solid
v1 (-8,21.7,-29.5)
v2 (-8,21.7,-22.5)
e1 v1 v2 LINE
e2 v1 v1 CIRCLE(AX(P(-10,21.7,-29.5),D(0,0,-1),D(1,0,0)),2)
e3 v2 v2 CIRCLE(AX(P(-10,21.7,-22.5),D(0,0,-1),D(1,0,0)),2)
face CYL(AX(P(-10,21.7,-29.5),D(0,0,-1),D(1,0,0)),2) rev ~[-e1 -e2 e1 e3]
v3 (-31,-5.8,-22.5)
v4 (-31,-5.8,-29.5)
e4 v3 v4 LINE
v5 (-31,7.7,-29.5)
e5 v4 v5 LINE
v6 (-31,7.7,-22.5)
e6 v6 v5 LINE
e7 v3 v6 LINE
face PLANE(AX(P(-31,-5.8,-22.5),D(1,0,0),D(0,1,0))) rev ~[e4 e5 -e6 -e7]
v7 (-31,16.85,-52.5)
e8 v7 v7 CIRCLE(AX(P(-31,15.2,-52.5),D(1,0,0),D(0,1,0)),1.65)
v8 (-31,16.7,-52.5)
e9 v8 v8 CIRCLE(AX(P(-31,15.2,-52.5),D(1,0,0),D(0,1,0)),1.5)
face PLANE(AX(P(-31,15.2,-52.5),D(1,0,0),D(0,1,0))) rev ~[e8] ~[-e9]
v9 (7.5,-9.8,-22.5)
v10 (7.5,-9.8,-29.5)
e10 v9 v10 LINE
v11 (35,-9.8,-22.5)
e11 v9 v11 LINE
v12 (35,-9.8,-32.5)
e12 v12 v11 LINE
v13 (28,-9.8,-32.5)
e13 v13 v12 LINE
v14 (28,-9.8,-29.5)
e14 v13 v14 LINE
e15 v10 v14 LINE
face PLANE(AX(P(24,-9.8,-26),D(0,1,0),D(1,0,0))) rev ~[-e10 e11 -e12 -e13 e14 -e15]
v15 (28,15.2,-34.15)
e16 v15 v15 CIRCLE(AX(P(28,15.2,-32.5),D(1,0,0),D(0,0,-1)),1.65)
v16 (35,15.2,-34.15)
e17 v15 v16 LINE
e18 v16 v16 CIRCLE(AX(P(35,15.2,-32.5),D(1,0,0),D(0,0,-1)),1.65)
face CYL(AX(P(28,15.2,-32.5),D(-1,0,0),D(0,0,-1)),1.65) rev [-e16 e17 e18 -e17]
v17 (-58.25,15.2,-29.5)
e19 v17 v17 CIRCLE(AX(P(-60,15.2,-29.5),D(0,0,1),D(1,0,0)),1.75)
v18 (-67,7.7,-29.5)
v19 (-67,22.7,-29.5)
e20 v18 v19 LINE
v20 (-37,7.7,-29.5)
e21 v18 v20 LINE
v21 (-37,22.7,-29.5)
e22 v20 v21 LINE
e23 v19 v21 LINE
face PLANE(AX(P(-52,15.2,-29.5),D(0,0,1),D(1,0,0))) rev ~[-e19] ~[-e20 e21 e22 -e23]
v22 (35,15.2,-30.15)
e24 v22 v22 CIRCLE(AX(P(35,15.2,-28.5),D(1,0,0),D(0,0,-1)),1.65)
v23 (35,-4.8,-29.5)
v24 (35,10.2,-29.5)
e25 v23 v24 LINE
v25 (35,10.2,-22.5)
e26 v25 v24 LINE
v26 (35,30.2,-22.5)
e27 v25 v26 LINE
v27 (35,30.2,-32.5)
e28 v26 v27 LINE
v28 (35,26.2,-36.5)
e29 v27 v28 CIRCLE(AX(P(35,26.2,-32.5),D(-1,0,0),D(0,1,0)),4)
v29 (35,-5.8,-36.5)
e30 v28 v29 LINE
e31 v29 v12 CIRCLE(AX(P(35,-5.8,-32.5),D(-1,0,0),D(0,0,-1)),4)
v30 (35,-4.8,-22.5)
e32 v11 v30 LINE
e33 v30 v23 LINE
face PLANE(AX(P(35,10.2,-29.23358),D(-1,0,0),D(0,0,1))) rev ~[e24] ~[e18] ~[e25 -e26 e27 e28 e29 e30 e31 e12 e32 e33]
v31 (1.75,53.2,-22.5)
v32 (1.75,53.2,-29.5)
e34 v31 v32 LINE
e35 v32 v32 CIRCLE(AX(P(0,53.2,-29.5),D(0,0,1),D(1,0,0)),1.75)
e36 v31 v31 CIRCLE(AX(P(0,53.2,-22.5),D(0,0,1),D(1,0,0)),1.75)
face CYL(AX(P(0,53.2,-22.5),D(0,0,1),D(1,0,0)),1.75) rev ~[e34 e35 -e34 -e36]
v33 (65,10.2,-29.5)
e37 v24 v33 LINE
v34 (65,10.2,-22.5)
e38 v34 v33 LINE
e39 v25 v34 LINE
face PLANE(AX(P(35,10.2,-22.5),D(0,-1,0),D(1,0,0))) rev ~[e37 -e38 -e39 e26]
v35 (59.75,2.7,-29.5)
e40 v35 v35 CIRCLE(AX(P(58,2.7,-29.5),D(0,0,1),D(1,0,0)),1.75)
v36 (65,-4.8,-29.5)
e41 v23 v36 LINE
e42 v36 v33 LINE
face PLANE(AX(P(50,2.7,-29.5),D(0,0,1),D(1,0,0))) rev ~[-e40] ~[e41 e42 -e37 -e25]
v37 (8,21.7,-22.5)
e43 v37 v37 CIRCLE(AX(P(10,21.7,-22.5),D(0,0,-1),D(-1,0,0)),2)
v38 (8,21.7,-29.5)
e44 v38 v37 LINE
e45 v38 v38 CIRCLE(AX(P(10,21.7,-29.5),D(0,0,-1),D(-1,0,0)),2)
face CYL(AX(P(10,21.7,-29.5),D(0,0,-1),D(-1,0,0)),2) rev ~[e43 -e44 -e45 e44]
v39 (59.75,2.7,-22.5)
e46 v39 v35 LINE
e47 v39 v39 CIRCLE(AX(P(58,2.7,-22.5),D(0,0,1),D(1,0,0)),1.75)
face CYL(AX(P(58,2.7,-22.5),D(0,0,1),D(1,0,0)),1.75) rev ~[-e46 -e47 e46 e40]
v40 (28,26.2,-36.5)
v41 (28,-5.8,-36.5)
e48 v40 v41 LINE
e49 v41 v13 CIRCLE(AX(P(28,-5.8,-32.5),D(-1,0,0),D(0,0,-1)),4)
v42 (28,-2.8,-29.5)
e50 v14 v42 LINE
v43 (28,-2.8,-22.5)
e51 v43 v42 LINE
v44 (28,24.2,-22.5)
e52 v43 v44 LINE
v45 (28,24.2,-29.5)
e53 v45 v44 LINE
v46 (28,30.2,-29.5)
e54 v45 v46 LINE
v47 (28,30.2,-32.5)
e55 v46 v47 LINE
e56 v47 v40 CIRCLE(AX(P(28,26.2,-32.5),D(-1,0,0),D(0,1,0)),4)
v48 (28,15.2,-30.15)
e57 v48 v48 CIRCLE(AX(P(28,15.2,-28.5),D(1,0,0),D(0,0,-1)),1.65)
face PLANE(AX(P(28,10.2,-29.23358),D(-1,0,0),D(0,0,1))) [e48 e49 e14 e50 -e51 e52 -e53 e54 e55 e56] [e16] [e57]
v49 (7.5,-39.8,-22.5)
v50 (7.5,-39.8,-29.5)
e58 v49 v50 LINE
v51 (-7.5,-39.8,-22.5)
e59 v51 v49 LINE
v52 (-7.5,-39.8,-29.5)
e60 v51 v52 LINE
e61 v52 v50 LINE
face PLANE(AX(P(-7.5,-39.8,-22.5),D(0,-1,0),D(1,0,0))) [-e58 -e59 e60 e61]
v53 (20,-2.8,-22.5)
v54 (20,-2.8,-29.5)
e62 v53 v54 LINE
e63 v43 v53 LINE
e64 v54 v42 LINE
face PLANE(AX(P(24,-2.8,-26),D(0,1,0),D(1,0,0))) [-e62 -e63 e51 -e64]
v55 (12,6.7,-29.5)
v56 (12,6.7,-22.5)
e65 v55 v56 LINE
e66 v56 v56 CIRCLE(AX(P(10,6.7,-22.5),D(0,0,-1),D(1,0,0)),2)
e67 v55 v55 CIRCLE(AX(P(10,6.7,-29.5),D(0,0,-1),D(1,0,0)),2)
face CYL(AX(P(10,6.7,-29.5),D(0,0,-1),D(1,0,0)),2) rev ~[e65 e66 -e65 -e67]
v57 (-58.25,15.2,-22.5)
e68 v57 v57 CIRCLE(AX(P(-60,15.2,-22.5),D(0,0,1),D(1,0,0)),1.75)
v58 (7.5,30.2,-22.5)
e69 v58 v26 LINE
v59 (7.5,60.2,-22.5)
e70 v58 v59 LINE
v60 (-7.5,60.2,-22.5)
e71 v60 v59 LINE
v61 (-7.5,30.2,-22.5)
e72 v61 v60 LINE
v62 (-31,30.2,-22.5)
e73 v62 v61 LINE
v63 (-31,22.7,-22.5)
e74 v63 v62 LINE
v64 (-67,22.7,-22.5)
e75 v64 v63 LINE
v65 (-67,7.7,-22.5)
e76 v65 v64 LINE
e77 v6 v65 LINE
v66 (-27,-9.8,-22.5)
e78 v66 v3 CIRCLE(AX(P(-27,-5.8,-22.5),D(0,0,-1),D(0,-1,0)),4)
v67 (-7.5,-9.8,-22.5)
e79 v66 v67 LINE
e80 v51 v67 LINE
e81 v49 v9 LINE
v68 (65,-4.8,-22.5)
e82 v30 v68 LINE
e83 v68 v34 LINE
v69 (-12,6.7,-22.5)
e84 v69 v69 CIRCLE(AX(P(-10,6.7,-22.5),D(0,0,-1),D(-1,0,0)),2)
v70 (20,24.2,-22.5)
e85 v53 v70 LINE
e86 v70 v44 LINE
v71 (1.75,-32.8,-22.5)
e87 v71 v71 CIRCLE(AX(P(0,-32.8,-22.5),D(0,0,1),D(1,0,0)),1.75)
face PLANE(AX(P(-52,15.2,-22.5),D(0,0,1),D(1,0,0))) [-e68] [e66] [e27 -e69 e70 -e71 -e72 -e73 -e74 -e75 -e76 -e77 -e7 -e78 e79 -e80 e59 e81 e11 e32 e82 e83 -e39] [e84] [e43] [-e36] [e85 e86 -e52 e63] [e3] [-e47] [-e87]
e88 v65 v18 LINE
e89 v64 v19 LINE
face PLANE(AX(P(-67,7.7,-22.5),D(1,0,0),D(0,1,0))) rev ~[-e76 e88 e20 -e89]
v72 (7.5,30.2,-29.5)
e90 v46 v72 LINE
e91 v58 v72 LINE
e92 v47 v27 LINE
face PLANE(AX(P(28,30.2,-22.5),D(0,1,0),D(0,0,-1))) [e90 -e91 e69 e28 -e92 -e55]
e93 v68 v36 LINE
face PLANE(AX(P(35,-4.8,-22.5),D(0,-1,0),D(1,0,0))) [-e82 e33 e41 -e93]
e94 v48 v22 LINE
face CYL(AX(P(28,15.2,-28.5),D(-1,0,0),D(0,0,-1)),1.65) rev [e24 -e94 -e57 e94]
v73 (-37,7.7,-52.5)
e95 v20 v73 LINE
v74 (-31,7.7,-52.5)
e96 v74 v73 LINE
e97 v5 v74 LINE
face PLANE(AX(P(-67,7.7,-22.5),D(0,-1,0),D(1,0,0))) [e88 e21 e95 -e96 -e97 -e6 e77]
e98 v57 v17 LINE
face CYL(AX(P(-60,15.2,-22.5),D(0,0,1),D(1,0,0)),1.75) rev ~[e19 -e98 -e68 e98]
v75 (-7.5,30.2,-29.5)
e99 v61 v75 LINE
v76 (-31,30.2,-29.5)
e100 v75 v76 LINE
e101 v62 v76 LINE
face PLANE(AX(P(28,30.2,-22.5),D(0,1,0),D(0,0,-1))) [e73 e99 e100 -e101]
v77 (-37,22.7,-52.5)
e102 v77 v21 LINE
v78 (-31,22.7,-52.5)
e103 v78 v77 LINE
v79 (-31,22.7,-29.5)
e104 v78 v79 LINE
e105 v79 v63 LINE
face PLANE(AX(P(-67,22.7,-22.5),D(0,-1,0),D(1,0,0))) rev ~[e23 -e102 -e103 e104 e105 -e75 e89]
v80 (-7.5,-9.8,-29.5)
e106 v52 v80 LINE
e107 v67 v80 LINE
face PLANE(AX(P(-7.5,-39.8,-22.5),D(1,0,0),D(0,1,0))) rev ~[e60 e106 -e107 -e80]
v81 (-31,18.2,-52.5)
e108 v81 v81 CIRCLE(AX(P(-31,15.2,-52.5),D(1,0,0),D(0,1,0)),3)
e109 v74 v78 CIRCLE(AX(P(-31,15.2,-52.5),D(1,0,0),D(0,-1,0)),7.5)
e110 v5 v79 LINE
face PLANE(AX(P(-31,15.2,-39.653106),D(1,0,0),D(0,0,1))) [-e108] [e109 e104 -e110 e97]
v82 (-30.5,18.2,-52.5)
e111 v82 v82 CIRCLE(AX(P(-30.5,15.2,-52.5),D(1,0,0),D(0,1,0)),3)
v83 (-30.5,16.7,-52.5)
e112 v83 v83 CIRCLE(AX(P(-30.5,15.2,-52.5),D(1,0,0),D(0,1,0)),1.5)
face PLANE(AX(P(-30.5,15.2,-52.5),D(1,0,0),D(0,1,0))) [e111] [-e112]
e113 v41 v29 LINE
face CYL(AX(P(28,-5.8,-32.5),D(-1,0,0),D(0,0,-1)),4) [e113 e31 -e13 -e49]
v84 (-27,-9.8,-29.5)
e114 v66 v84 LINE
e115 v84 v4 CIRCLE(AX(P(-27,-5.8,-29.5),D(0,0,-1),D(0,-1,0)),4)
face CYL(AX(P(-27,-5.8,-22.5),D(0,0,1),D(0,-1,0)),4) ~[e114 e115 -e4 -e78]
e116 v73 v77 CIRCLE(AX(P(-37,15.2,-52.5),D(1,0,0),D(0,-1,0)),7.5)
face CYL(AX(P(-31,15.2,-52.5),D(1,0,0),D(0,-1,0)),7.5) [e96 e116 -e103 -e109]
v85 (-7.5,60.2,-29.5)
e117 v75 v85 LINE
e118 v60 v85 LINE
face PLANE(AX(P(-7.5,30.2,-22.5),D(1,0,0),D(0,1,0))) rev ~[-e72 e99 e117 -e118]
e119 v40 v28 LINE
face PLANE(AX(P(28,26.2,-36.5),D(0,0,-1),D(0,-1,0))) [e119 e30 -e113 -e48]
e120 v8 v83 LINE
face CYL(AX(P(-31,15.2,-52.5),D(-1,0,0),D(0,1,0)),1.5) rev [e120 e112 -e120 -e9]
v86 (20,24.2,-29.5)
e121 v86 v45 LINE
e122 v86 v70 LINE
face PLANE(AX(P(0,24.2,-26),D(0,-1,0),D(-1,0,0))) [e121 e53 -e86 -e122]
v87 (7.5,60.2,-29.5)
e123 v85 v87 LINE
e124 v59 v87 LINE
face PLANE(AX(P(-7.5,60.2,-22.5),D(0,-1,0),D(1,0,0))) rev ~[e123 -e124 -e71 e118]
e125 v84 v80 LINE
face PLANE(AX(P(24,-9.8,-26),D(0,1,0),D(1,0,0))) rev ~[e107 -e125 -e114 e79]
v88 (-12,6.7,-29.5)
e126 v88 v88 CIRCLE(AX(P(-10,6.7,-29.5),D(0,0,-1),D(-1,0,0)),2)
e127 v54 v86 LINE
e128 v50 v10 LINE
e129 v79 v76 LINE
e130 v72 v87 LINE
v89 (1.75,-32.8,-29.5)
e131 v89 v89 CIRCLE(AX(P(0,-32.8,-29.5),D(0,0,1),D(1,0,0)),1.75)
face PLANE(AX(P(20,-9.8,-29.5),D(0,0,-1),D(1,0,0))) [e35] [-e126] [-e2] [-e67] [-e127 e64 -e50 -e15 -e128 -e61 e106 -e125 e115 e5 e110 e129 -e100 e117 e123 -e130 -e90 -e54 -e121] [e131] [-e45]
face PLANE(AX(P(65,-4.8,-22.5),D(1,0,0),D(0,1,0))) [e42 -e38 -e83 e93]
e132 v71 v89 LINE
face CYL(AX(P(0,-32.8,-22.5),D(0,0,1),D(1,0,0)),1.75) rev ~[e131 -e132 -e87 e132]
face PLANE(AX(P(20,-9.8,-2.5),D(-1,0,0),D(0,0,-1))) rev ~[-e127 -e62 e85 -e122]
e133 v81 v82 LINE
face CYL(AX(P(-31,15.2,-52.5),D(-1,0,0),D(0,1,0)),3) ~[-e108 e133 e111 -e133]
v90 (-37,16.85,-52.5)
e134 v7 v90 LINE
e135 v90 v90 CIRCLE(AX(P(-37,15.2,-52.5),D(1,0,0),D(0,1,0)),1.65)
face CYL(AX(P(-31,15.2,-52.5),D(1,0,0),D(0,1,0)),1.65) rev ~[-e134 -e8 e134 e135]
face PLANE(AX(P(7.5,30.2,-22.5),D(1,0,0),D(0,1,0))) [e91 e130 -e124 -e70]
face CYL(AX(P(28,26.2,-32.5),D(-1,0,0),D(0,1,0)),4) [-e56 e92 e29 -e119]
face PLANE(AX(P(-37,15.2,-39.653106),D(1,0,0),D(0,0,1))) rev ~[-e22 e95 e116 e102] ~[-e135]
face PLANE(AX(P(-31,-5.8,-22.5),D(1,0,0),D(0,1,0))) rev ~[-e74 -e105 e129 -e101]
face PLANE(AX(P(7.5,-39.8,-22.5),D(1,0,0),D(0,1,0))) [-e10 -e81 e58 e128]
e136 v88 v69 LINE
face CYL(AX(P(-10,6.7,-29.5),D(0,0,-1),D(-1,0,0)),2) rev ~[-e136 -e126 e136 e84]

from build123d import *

# Parameters (mm, degrees)
EXTRUDE_START       = 24.2
EXTRUDE_1_DEPTH     = 6
SKETCH_5_W          = 40
SKETCH_5_H          = 34
SKETCH_5_R          = 2
EXTRUDE_2_DEPTH     = 7
EXTRUDE_START_2     = -9.8
SKETCH_7_R          = 4.1
EXTRUDE_3_DEPTH     = 7
EXTRUDE_START_3     = -53
SKETCH_9_R          = 1.65
EXTRUDE_4_DEPTH     = 6
EXTRUDE_START_4     = -22.5
EXTRUDE_5_DEPTH     = 7
EXTRUDE_START_5     = 28
SKETCH_14_R         = 1.65
EXTRUDE_8_DEPTH     = 7
SKETCH_15_W         = 8
SKETCH_15_H         = 7
EXTRUDE_9_DEPTH     = 7
SKETCH_17_R         = 3
SKETCH_17_R_2       = 1.5
EXTRUDE_11_DEPTH    = 0.5
SKETCH_18_W         = 50.26694464
SKETCH_18_H         = 22.871129036
CUT_EXTRUDE_1_DEPTH = 50
SKETCH_19_W         = 15
SKETCH_19_H         = 30
SKETCH_19_R         = 1.75
SKETCH_19_W_2       = 30
SKETCH_19_H_2       = 15
EXTRUDE_12_DEPTH    = 7


with BuildPart() as part:
    # 草图4 → 凸台-拉伸1 (new body)
    with BuildSketch(Plane(origin=(0, 0, 0), x_dir=(1, 0, 0), z_dir=(0, 1, 0)).offset(EXTRUDE_START)):
        Polygon((-21, 22.5), (-28, 22.5), (-28, 29.5), (28, 29.5), (28, 22.5), (21, 22.5), align=None)
    extrude(amount=EXTRUDE_1_DEPTH)

    # 草图5 → 凸台-拉伸2 (add)
    with BuildSketch(Plane(origin=(0, 0, -29.5), x_dir=(-1, 0, 0), z_dir=(0, 0, -1))):
        with Locations((0, 7.2)):
            Rectangle(SKETCH_5_W, SKETCH_5_H)
        with Locations((-10, 21.7)):
            Circle(SKETCH_5_R, mode=Mode.SUBTRACT)
        with Locations(Location((10, 21.7, 0), (0, 0, 180))):
            Circle(SKETCH_5_R, mode=Mode.SUBTRACT)
        with Locations((10, 6.7)):
            Circle(SKETCH_5_R, mode=Mode.SUBTRACT)
        with Locations(Location((-10, 6.7, 0), (0, 0, 180))):
            Circle(SKETCH_5_R, mode=Mode.SUBTRACT)
    extrude(amount=-EXTRUDE_2_DEPTH)

    # 草图7 → 凸台-拉伸3 (add)
    with BuildSketch(Plane(origin=(0, 0, 0), x_dir=(1, 0, 0), z_dir=(0, 1, 0)).offset(EXTRUDE_START_2)):
        with BuildLine():
            Line((20, 22.5), (-20, 22.5))
            Line((-20, 22.5), (-20, 2.5))
            ThreePointArc((-20, 2.5), (-19.121320344, 0.378679656), (-17, -0.5))
            Line((-17, -0.5), (17, -0.5))
            ThreePointArc((17, -0.5), (19.121320344, 0.378679656), (20, 2.5))
            Line((20, 2.5), (20, 22.5))
        make_face()
        with Locations(Location((10, 10, 0), (0, 0, 90))):
            Circle(SKETCH_7_R, mode=Mode.SUBTRACT)
    extrude(amount=EXTRUDE_3_DEPTH)



with BuildPart() as body_2:
    # 草图9 → 凸台-拉伸4 (new body)
    with BuildSketch(Plane(origin=(22, 25.2, -43.868265324), x_dir=(0, 0, 1), z_dir=(1, 0, 0)).offset(EXTRUDE_START_3)):
        with BuildLine():
            Line((-8.631734676, 2.5), (21.368265324, 2.5))
            Line((21.368265324, 2.5), (21.368265324, 17.5))
            Line((21.368265324, 17.5), (-8.631734676, 17.5))
            ThreePointArc((-8.631734676, 17.5), (-16.131734676, 10), (-8.631734676, 2.5))
        make_face()
        with Locations(Location((-8.631734676, 10, 0), (0, 0, 270))):
            Circle(SKETCH_9_R, mode=Mode.SUBTRACT)
    extrude(amount=-EXTRUDE_4_DEPTH)


with BuildPart() as part_1:
    add(part.part)

    add(body_2.part)  # 凸台-拉伸5 merges body 2
    # 草图10 → 凸台-拉伸5 (add)
    with BuildSketch(Plane.XY.offset(EXTRUDE_START_4)):
        with BuildLine():
            Line((-31, 30.2), (-20, 30.2))
            Line((-20, 30.2), (-20, -9.8))
            Line((-20, -9.8), (-27, -9.8))
            ThreePointArc((-27, -9.8), (-29.828427125, -8.628427125), (-31, -5.8))
            Line((-31, -5.8), (-31, 30.2))
        make_face()
    extrude(amount=-EXTRUDE_5_DEPTH)

    # 草图14 → 凸台-拉伸8 (add)
    with BuildSketch(Plane(origin=(0, 0, 0), x_dir=(0, 0, -1), z_dir=(1, 0, 0)).offset(EXTRUDE_START_5)):
        with BuildLine():
            Line((22.5, 30.2), (32.5, 30.2))
            ThreePointArc((32.5, 30.2), (35.328427125, 29.028427125), (36.5, 26.2))
            Line((36.5, 26.2), (36.5, -5.8))
            ThreePointArc((36.5, -5.8), (35.328427125, -8.628427125), (32.5, -9.8))
            Line((32.5, -9.8), (22.5, -9.8))
            Line((22.5, -9.8), (22.5, 30.2))
        make_face()
        with Locations((28.5, 15.2)):
            Circle(SKETCH_14_R, mode=Mode.SUBTRACT)
        with Locations((32.5, 15.2)):
            Circle(SKETCH_14_R, mode=Mode.SUBTRACT)
    extrude(amount=EXTRUDE_8_DEPTH)

    # 草图15 → 凸台-拉伸9 (add)
    with BuildSketch(Plane(origin=(0, 0, 0), x_dir=(1, 0, 0), z_dir=(0, 1, 0)).offset(EXTRUDE_START_2)):
        with Locations((24, 26)):
            Rectangle(SKETCH_15_W, SKETCH_15_H)
    extrude(amount=EXTRUDE_9_DEPTH)

    # 草图17 → 凸台-拉伸11 (add)
    with BuildSketch(Plane(origin=(-31, 0, 0), x_dir=(0, 0, -1), z_dir=(1, 0, 0))):
        with Locations(Location((52.5, 15.2, 0), (0, 0, 90))):
            Circle(SKETCH_17_R)
        with Locations(Location((52.5, 15.2, 0), (0, 0, 90))):
            Circle(SKETCH_17_R_2, mode=Mode.SUBTRACT)
    extrude(amount=EXTRUDE_11_DEPTH)

    # 草图18 → 切除-拉伸1 (cut)
    with BuildSketch(Plane.XY.offset(-22.5)):
        Rectangle(SKETCH_18_W, SKETCH_18_H)
    extrude(amount=CUT_EXTRUDE_1_DEPTH, mode=Mode.SUBTRACT)

    # 草图19 → 凸台-拉伸12 (add)
    # profile 1 of 4: a face of its own
    with BuildSketch(Plane.XY.offset(EXTRUDE_START_4)):
        with Locations((0, 45.2)):
            Rectangle(SKETCH_19_W, SKETCH_19_H)
        with Locations((0, 53.2)):
            Circle(SKETCH_19_R, mode=Mode.SUBTRACT)
    # profile 2 of 4: a face of its own
    with BuildSketch(Plane.XY.offset(EXTRUDE_START_4)):
        with Locations((-52, 15.2)):
            Rectangle(SKETCH_19_W_2, SKETCH_19_H_2)
        with Locations((-60, 15.2)):
            Circle(SKETCH_19_R, mode=Mode.SUBTRACT)
    # profile 3 of 4: a face of its own
    with BuildSketch(Plane.XY.offset(EXTRUDE_START_4)):
        with Locations((50, 2.7)):
            Rectangle(SKETCH_19_W_2, SKETCH_19_H_2)
        with Locations((58, 2.7)):
            Circle(SKETCH_19_R, mode=Mode.SUBTRACT)
    # profile 4 of 4: a face of its own
    with BuildSketch(Plane.XY.offset(EXTRUDE_START_4)):
        with Locations((0, -24.8)):
            Rectangle(SKETCH_19_W, SKETCH_19_H)
        with Locations((0, -32.8)):
            Circle(SKETCH_19_R, mode=Mode.SUBTRACT)
    extrude(amount=-EXTRUDE_12_DEPTH)


solid = part_1.part
